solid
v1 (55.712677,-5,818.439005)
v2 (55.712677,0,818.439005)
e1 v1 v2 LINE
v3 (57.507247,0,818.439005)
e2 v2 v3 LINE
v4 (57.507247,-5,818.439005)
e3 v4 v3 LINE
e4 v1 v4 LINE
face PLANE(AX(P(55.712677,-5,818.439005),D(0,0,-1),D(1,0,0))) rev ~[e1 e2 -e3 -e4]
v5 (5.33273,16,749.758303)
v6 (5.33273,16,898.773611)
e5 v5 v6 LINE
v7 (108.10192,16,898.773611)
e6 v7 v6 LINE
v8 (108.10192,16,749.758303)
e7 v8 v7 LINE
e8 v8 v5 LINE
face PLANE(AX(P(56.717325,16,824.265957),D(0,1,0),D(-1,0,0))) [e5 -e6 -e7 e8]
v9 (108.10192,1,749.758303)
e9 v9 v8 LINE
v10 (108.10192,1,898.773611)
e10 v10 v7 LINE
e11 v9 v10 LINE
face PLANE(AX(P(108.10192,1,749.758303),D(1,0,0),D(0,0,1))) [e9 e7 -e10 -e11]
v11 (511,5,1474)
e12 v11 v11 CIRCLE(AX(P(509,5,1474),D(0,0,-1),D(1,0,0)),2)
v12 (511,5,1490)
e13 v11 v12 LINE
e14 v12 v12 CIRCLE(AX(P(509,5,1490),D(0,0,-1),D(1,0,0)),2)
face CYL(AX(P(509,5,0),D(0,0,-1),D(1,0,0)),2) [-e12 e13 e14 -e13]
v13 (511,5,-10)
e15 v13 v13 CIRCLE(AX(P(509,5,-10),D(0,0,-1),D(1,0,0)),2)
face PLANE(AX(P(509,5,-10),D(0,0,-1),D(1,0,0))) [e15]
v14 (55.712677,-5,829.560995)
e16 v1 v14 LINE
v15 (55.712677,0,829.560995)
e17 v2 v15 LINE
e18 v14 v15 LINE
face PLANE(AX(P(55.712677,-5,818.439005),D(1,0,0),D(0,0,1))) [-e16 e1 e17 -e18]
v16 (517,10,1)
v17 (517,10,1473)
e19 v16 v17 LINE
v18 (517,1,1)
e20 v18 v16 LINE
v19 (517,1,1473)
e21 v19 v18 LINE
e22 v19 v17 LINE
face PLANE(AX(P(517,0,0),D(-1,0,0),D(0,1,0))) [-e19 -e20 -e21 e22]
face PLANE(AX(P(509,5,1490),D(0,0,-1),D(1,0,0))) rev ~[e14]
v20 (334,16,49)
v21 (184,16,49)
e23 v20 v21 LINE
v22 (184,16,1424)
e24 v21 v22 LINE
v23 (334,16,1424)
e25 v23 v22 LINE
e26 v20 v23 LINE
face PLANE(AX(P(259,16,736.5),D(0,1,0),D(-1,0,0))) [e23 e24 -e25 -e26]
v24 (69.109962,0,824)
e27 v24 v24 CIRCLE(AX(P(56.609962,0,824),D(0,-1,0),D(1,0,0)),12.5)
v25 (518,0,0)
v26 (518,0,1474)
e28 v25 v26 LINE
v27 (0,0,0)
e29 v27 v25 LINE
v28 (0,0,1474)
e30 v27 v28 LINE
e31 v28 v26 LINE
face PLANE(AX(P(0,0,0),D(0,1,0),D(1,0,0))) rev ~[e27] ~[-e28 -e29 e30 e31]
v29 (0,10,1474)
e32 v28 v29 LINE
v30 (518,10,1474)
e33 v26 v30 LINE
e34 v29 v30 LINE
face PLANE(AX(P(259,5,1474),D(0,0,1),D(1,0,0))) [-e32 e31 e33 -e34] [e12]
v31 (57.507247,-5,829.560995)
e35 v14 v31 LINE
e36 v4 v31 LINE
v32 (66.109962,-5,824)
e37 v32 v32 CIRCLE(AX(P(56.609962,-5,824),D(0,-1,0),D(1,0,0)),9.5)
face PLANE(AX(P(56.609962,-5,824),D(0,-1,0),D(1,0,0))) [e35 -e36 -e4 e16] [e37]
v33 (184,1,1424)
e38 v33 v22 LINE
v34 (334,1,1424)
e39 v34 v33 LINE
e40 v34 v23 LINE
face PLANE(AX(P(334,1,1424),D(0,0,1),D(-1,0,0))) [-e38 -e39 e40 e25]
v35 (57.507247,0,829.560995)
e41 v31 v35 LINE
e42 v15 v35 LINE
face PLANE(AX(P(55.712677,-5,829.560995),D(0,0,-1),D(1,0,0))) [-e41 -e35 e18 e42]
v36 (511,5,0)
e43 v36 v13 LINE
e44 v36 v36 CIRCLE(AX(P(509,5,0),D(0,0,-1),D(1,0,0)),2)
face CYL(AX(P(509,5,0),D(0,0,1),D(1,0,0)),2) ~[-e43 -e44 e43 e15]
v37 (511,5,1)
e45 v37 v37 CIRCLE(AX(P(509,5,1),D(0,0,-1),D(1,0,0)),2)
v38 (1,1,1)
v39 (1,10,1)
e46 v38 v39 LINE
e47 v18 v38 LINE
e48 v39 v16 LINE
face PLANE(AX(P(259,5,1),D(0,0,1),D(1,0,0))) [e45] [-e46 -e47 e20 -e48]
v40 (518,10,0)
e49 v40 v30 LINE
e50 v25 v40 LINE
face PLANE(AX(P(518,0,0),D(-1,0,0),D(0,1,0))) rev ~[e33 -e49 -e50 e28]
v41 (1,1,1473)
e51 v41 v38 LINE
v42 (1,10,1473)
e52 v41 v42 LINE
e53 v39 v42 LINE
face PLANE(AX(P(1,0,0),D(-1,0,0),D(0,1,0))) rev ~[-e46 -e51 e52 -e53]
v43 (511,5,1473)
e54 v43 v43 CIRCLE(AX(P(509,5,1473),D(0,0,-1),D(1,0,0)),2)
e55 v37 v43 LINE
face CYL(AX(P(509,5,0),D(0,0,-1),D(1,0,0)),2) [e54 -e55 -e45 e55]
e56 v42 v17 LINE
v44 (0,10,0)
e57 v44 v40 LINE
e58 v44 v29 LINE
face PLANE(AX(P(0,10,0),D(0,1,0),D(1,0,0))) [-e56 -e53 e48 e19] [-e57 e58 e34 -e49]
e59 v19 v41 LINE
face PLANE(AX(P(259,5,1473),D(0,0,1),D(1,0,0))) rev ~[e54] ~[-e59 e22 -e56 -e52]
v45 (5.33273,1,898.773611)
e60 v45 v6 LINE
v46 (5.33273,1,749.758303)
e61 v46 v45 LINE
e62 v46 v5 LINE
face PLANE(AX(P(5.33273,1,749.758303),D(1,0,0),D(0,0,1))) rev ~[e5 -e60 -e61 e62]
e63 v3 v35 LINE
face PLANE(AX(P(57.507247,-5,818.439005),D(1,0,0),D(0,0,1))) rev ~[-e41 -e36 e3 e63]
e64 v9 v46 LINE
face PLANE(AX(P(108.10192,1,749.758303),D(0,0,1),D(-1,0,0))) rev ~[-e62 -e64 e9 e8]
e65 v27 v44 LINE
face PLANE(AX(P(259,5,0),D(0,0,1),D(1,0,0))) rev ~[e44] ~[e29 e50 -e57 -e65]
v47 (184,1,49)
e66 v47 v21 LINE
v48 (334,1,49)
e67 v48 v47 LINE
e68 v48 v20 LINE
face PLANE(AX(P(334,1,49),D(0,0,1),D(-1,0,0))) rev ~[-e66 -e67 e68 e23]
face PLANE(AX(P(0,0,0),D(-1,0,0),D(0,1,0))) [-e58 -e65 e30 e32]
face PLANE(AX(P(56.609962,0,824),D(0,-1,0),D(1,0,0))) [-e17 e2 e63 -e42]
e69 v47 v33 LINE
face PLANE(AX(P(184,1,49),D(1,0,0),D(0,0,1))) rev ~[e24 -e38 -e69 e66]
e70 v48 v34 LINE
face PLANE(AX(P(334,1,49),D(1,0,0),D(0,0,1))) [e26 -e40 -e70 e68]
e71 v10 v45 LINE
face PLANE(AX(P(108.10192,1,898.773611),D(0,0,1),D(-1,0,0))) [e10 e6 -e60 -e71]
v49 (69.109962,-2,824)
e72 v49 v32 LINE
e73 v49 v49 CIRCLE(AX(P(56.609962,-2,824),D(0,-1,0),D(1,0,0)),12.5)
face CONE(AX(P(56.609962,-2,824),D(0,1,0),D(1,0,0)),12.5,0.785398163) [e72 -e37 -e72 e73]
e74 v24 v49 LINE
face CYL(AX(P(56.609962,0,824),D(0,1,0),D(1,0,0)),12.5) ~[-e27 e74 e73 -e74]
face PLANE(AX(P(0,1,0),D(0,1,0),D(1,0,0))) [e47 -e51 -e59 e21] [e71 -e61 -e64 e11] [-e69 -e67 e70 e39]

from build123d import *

# Parameters (mm, degrees)
F0_W          = 518
F0_H          = 10
F1_DEPTH      = 1474
F2_T          = -1
F3_R          = 2
F4_DEPTH      = 10
F4_DEPTH_BACK = 1490
F5_R          = 12.5
F6_DEPTH      = 5
F7_SIZE       = 3
F8_W          = 1.794569
F8_H          = 11.12199
F9_DEPTH      = 5
F10_W         = 102.76919
F10_H         = 149.015308
F11_DEPTH     = 15
F12_W         = 150
F12_H         = 1375
F13_DEPTH     = 15


with BuildPart() as f1:
    # F0 (on Top) → F1 (new body)
    with BuildSketch(Plane.XY):
        with Locations((259, 5)):
            Rectangle(F0_W, F0_H)
    extrude(amount=F1_DEPTH)

    # F2
    f2_openings = [f1.faces().sort_by_distance(p)[0] for p in [
        (259, 10, 737),
    ]]
    offset(amount=F2_T, openings=f2_openings)

    # F3 (on face) → F4 (join, two sides)
    with BuildSketch(Plane(origin=(0, 0, 0), x_dir=(1, 0, 0), z_dir=(0, 0, -1))) as f4_sk:
        with Locations((509, -5)):
            Circle(F3_R)
    extrude(amount=F4_DEPTH)
    extrude(f4_sk.sketch, amount=-F4_DEPTH_BACK)

    # F5 (on face) → F6 (join)
    with BuildSketch(Plane.XZ):
        with Locations((56.609962, 824)):
            Circle(F5_R)
    extrude(amount=F6_DEPTH)

    # F7
    f7_edges = [f1.edges().sort_by_distance(p)[0] for p in [
        (44.109962, -5, 824),
    ]]
    chamfer(f7_edges, length=F7_SIZE)

    # F8 (on face) → F9 (cut)
    with BuildSketch(Plane.XZ.offset(5)):
        with Locations((56.609962, 824)):
            Rectangle(F8_W, F8_H)
    extrude(amount=-F9_DEPTH, mode=Mode.SUBTRACT)

    # F10 (on face) → F11 (join)
    with BuildSketch(Plane(origin=(0, 1, 0), x_dir=(-1, 0, 0), z_dir=(0, 1, 0))):
        with Locations((-56.717325, 824.265957)):
            Rectangle(F10_W, F10_H)
    extrude(amount=F11_DEPTH)

    # F12 (on face) → F13 (join)
    with BuildSketch(Plane(origin=(0, 1, 0), x_dir=(-1, 0, 0), z_dir=(0, 1, 0))):
        with Locations((-259, 736.5)):
            Rectangle(F12_W, F12_H)
    extrude(amount=F13_DEPTH)


solid = f1.part
